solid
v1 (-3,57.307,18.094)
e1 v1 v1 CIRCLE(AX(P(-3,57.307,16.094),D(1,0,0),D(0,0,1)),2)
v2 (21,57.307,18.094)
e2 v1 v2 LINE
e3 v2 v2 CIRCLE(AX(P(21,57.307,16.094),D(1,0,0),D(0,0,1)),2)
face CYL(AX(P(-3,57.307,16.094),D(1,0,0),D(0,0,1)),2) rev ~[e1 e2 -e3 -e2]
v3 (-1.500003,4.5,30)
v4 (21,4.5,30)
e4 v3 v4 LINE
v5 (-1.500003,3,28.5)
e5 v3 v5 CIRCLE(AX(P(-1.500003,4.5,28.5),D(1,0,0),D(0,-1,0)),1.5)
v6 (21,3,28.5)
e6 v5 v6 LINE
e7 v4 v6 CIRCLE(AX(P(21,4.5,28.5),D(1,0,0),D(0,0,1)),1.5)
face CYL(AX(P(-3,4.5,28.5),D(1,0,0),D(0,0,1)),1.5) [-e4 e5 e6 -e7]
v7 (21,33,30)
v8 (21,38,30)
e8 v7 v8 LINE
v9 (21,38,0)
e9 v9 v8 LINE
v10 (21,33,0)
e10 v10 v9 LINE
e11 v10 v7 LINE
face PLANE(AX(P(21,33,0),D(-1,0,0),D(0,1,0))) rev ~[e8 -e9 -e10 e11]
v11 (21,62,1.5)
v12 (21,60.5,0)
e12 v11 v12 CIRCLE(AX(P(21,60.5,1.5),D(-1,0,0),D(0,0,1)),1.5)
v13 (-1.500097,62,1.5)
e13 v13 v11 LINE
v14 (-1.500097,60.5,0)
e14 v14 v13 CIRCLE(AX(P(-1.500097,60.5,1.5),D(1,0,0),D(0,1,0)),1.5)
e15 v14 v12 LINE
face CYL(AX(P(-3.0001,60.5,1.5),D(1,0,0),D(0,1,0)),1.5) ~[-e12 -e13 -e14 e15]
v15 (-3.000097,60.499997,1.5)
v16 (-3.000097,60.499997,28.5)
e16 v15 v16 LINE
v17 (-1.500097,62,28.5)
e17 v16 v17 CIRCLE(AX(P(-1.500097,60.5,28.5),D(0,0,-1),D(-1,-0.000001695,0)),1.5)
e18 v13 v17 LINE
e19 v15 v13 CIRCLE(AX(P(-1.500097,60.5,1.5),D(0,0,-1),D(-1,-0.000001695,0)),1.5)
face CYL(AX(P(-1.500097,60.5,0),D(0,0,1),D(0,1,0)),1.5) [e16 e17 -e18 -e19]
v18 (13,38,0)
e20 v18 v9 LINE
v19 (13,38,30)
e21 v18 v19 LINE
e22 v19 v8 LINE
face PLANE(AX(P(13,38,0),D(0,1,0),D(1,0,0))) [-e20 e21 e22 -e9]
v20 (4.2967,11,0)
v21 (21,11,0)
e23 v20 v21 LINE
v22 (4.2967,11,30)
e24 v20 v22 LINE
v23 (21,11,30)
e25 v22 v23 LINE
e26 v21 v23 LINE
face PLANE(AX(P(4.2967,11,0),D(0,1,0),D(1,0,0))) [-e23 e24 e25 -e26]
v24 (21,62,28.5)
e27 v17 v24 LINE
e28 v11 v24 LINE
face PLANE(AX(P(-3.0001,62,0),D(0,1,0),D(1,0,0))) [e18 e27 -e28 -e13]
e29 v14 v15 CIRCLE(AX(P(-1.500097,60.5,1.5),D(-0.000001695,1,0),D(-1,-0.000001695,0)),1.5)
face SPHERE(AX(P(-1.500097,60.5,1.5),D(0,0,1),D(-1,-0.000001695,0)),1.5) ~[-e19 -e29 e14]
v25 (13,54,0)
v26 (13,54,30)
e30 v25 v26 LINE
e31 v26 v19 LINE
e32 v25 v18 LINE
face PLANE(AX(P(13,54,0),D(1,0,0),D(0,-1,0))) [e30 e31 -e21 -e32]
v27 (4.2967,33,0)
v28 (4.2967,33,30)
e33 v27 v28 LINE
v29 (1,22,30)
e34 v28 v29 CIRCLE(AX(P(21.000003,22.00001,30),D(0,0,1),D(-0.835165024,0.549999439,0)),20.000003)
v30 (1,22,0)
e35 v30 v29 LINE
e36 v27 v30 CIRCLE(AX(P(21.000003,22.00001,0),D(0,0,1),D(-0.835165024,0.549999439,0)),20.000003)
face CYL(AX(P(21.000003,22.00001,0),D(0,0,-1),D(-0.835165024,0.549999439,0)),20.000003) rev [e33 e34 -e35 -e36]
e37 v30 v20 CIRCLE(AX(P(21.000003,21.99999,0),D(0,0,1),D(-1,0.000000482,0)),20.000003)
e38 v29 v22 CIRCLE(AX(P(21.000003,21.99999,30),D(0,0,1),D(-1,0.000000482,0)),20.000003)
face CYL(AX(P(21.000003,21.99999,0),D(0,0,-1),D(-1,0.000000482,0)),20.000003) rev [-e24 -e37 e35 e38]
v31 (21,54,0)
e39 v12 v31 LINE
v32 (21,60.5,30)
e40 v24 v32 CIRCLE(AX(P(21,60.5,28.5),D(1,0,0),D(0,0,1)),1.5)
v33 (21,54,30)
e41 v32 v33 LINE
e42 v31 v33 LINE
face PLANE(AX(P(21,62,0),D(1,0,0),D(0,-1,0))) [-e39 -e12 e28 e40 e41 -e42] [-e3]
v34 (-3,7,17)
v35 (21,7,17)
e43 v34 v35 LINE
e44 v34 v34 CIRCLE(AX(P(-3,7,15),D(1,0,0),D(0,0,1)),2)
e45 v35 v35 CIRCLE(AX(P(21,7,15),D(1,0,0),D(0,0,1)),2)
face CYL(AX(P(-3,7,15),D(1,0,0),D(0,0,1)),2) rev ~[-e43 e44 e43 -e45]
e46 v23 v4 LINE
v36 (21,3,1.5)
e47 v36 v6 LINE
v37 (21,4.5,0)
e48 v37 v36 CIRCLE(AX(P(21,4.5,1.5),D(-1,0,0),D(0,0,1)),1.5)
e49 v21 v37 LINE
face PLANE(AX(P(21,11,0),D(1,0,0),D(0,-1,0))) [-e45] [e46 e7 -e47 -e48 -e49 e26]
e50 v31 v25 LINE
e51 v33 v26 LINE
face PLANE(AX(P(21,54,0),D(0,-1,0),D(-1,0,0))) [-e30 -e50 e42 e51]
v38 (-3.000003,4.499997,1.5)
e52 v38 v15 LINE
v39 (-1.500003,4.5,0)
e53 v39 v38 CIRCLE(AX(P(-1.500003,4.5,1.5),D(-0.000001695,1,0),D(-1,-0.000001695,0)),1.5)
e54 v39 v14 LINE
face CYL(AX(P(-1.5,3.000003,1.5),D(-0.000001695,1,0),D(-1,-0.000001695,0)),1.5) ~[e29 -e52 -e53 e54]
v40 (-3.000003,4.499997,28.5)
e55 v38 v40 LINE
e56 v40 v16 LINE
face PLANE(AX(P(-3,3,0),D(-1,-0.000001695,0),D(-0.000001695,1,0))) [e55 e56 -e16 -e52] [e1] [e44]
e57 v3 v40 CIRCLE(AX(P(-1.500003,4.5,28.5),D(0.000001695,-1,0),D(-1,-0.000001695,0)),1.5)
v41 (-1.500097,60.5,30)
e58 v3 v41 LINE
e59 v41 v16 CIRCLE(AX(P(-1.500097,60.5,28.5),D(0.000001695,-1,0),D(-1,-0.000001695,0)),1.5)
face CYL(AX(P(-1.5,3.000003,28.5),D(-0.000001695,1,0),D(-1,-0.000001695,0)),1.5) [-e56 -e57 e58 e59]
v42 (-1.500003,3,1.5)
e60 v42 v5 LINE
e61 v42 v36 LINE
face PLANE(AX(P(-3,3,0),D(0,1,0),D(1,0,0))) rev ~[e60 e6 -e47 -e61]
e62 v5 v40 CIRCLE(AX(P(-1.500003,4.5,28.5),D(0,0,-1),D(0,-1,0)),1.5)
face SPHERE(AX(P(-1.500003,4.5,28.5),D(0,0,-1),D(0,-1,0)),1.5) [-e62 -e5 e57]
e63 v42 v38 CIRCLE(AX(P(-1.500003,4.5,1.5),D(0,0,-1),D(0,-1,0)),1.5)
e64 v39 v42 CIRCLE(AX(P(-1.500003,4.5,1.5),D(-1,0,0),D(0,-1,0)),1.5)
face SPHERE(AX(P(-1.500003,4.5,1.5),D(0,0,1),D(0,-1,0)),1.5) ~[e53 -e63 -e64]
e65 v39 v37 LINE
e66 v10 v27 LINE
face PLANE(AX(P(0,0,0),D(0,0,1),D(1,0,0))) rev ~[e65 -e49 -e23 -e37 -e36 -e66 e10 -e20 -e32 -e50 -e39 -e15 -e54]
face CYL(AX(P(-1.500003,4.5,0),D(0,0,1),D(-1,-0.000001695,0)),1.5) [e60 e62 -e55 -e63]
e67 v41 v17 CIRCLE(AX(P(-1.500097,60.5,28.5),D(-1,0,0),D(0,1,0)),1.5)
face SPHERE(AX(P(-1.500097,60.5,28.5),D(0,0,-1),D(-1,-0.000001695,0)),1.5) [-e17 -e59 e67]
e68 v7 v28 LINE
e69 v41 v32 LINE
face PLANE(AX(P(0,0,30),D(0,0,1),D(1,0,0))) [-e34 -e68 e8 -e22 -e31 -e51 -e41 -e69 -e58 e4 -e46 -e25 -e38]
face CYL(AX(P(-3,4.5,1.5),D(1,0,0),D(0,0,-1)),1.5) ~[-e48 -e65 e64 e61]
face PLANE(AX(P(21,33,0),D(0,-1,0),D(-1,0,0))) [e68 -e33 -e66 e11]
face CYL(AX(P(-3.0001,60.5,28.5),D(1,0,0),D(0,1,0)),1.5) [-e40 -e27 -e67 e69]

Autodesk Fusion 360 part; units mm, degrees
sketch "Esboço1" plane through (0, 0, 0) normal (0, 0, 1) x (1, 0, 0)
  line L0 (-3.0001, 62) -> (21, 62)
  line L1 (21, 62) -> (21, 54)
  line L2 (21, 54) -> (13, 54)
  line L3 (13, 54) -> (13, 38)
  line L4 (13, 38) -> (21, 38)
  line L5 (21, 11) -> (21, 3)
  line L6 (-3, 3) -> (-3, 62)
  line L7 (-3, 3) -> (21, 3)
  line L8 (21, 33) -> (21, 38)
  line L9 (-3.0001, 62) -> (-3, 62)
  line L10 (21, 33) -> (1, 33)
  line L11 (1, 11) -> (21, 11)
  arc A0 (1, 22) -> (4.2967, 11) centre (21, 22) ccw
  arc A1 (4.2967, 33) -> (1, 22) centre (21, 22) ccw
  dimension "d2" = 16
  dimension "d3" = 8
  dimension "d5" = 8
  dimension "d8" = 8
  dimension "d10" = 8
  dimension "d35" = 5
  dimension "d36" = 24
extrude "Extrusão1" add sketch "Esboço1" along normal blind 30
hole "Furo2" at (-3, 7, 15) direction (1, 0, 0) diameter 4 depth 25 tip angle 180
hole "Furo3" at (-3, 57.307, 16.094) direction (1, 0, 0) diameter 4 depth 25 tip angle 180
fillet "Arredondamento4" radius 1.5 8 edges at (9, 62, 30) (-3, 62, 15) (-3, 32.5, 30) (-3, 32.5, 0) (-3, 3, 15) (9, 3, 0) (9, 3, 30) (9, 62, 0)
